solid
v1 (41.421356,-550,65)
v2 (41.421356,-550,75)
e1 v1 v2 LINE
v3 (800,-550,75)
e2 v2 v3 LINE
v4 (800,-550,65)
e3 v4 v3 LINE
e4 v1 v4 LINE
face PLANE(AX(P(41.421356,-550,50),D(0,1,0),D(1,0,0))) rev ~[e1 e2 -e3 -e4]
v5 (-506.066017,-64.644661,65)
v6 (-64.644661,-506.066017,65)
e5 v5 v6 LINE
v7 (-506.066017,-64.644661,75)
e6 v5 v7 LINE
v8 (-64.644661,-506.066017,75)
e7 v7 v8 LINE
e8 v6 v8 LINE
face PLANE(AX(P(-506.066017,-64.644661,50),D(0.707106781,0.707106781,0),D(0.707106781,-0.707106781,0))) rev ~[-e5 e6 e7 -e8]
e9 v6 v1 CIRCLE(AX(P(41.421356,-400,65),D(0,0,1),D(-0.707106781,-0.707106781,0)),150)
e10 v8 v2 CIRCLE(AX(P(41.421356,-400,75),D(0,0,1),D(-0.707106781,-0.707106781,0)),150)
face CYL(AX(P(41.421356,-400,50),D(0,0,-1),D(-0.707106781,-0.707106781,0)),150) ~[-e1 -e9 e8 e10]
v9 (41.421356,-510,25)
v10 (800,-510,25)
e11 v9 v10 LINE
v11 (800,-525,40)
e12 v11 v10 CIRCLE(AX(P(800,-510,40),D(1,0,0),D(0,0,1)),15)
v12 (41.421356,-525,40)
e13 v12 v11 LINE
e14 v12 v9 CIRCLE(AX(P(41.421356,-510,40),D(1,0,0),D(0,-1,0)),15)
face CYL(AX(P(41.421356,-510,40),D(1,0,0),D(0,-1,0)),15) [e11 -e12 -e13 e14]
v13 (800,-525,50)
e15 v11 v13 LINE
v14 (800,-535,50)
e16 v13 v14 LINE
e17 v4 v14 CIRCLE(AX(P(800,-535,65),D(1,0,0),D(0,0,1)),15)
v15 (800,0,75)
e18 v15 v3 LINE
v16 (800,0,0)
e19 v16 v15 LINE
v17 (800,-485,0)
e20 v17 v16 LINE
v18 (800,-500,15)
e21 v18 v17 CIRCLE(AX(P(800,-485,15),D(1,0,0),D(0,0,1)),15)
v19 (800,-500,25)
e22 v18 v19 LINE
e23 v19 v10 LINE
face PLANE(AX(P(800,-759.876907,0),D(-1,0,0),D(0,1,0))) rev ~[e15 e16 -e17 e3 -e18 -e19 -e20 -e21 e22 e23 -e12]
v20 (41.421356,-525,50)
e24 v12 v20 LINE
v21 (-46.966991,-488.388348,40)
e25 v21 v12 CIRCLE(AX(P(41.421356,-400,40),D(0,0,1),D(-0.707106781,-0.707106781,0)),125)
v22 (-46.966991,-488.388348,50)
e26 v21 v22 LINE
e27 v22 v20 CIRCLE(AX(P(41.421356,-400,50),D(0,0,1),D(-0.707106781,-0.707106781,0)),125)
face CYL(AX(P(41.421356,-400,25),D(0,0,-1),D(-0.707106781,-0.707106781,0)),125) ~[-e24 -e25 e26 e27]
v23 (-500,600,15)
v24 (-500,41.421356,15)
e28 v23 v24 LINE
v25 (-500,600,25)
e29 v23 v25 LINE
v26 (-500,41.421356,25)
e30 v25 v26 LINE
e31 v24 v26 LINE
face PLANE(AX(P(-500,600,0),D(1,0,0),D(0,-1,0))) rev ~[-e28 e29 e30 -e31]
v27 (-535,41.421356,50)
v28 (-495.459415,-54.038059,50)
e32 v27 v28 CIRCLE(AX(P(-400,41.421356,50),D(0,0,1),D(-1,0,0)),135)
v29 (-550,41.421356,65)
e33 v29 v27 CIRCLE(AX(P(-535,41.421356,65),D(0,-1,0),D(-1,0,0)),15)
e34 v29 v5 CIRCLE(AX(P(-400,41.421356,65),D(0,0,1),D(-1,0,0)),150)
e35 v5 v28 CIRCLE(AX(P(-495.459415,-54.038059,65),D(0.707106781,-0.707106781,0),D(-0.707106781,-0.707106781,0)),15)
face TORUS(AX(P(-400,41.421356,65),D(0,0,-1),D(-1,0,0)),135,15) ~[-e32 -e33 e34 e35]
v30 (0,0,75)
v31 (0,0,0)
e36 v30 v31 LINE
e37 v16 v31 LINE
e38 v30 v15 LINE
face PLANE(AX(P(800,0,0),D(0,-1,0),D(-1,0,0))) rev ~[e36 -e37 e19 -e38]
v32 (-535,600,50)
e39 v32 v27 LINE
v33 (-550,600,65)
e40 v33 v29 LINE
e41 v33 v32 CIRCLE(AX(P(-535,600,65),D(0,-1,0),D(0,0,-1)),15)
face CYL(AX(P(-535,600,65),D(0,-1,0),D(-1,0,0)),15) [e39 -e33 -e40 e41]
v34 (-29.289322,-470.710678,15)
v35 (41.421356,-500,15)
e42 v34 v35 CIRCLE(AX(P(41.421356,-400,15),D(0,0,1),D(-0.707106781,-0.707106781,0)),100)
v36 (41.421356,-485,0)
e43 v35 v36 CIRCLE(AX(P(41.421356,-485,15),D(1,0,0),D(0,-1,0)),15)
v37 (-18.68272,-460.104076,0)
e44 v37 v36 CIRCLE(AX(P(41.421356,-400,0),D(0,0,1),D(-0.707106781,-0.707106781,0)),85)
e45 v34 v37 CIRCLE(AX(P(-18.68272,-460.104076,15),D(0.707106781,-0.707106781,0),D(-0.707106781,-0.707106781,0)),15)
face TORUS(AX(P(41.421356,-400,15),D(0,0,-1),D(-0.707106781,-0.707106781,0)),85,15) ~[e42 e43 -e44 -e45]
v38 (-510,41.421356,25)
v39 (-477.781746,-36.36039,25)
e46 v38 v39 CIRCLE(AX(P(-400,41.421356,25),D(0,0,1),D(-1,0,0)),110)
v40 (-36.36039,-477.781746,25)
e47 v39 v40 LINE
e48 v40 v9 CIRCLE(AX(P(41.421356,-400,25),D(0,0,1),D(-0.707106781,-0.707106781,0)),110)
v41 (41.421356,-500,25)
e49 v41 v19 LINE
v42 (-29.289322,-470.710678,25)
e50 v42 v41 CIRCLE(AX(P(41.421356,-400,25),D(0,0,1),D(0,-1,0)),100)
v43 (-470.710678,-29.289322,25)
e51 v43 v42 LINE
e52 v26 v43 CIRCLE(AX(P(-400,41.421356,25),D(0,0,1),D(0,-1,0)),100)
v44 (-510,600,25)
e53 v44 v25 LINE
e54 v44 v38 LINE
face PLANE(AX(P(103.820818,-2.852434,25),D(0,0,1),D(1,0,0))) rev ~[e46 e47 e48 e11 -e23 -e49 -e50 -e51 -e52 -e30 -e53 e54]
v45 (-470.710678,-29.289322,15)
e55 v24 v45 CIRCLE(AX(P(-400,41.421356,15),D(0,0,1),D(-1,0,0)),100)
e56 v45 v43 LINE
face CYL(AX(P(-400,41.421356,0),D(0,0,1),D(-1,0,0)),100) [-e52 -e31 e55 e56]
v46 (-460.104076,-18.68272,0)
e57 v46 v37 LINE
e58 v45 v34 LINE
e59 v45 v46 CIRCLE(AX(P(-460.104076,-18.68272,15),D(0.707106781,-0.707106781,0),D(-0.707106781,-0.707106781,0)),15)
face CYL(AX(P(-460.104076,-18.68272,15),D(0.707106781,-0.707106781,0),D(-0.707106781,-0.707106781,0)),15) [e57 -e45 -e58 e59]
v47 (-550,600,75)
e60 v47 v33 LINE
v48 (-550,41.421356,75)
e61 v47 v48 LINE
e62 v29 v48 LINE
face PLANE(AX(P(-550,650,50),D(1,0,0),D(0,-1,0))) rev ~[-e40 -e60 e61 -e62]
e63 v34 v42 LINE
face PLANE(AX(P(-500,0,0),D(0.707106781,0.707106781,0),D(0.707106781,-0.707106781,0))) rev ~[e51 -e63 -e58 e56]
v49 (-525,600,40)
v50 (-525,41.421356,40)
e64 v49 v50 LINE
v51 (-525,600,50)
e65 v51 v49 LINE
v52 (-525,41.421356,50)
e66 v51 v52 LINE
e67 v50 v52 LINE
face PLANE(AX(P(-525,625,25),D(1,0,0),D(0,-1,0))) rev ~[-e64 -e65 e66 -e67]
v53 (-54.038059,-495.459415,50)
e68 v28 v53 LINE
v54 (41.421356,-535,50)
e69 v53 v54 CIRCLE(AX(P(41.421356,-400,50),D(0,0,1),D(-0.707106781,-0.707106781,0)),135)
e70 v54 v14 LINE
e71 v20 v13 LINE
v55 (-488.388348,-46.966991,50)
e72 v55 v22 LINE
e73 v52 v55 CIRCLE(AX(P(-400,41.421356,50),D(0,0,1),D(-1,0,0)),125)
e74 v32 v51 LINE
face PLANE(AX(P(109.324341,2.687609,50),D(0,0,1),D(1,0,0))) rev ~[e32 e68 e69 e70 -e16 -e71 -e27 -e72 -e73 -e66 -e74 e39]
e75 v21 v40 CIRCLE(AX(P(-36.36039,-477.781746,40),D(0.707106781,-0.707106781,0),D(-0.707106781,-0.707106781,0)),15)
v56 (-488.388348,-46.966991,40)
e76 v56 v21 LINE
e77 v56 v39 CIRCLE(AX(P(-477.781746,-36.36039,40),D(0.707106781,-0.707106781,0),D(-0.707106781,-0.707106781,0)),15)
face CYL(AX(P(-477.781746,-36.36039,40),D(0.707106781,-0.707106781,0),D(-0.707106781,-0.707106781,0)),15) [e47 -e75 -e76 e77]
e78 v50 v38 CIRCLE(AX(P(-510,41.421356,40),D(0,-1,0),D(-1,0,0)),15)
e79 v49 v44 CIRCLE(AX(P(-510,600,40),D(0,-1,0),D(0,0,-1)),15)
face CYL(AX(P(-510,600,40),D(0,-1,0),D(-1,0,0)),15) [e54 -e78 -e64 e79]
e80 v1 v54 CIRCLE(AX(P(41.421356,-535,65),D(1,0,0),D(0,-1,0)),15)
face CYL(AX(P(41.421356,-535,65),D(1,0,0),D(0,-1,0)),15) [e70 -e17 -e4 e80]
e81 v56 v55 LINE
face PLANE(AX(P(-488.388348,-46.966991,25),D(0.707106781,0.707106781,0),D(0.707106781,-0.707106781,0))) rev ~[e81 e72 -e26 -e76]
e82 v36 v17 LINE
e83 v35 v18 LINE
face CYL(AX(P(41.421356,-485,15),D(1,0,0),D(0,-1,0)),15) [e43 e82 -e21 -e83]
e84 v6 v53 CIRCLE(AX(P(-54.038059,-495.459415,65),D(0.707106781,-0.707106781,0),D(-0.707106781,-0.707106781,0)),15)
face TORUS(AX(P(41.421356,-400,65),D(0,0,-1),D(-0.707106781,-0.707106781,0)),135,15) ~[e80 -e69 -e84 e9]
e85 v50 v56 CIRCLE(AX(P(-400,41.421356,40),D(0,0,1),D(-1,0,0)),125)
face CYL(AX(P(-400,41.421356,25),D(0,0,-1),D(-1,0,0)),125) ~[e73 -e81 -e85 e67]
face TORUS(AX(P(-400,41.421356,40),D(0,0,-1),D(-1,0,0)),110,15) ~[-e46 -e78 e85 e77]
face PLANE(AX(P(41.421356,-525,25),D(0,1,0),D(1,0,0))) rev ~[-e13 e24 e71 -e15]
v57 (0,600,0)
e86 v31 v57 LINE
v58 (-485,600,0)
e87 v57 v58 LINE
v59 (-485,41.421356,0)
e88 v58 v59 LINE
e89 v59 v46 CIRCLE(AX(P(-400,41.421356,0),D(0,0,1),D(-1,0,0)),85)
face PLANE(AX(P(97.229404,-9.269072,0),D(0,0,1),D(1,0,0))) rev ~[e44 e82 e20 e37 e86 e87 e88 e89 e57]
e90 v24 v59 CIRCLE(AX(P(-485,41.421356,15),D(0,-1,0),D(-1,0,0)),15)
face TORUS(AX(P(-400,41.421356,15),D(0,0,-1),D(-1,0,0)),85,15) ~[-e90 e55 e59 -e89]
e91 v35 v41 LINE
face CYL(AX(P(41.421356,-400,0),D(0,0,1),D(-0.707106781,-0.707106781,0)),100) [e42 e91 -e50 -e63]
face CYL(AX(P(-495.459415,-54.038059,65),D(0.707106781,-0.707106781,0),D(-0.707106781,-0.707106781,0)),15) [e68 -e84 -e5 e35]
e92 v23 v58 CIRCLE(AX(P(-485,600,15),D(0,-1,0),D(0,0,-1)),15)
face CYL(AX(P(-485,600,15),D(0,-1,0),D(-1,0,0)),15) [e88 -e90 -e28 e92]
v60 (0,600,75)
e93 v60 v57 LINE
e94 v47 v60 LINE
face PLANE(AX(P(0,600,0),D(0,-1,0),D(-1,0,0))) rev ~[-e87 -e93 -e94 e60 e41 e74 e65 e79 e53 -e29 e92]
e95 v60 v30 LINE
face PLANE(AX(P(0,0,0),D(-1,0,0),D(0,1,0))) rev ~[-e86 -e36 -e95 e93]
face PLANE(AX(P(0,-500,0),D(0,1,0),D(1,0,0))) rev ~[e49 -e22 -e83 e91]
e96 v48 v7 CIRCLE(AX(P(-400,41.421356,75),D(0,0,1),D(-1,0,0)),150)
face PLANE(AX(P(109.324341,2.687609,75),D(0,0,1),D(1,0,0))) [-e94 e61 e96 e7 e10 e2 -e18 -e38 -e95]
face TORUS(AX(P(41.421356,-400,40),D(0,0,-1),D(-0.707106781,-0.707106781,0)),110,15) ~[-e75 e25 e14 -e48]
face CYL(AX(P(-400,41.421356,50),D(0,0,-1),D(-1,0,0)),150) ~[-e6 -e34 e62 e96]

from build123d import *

# Parameters (mm, degrees)
F1_DEPTH = 25
F2_R     = 100
F4_DEPTH = 25
F6_DEPTH = 25
F8_DEPTH = 539
F9_R     = 15


with BuildPart() as f1:
    # F0 (on Top) → F1 (new body)
    with BuildSketch(Plane.XY):
        Polygon((0, 0), (0, 600), (-500, 600), (-500, 0), (0, -500), (800, -500), (800, 0), align=None)
    extrude(amount=F1_DEPTH)

    # F2
    f2_edges = [f1.edges().sort_by_distance(p)[0] for p in [
        (-500, 0, 12.5),
        (0, -500, 12.5),
    ]]
    fillet(f2_edges, radius=F2_R)

    # F3 (on face) → F4 (join)
    with BuildSketch(Plane.XY.offset(25)):
        with BuildLine():
            Line((-525, 625), (-525, 41.4213562373))
            ThreePointArc((-525, 41.4213562373), (-515.4849415639, -6.4140728083), (-488.3883476483, -46.966991411))
            Line((-488.3883476483, -46.966991411), (-46.966991411, -488.3883476483))
            ThreePointArc((-46.966991411, -488.3883476483), (-6.4140728083, -515.4849415639), (41.4213562373, -525))
            Line((41.4213562373, -525), (825, -525))
            Line((825, -525), (825, 25))
            Line((825, 25), (25, 25))
            Line((25, 25), (25, 625))
            Line((25, 625), (-525, 625))
        make_face()
    extrude(amount=F4_DEPTH)

    # F5 (on face) → F6 (join)
    with BuildSketch(Plane.XY.offset(50)):
        with BuildLine():
            Line((-550, 650), (-550, 41.4213562373))
            ThreePointArc((-550, 41.4213562373), (-538.5819298767, -15.9811586175), (-506.066017178, -64.6446609407))
            Line((-506.066017178, -64.6446609407), (-64.6446609407, -506.066017178))
            ThreePointArc((-64.6446609407, -506.066017178), (-15.9811586175, -538.5819298767), (41.4213562373, -550))
            Line((41.4213562373, -550), (850, -550))
            Line((850, -550), (850, 50))
            Line((850, 50), (50, 50))
            Line((50, 50), (50, 650))
            Line((50, 650), (-550, 650))
        make_face()
    extrude(amount=F6_DEPTH)

    # F7 (on face) → F8 (cut)
    with BuildSketch(Plane(origin=(0, 0, 0), x_dir=(1, 0, 0), z_dir=(0, 0, -1))):
        Polygon((800, 759.8769068718), (800, 0), (0, 0), (0, -600), (-650.8337855339, -600), (-650.8337855339, -840.3587818146), (869.2708611488, -840.3587818146), (869.2708611488, 0), (869.2708611488, 759.8769068718), align=None)
    extrude(amount=-F8_DEPTH, mode=Mode.SUBTRACT)

    # F9
    f9_edges = [f1.edges().sort_by_distance(p)[0] for p in [
        (420.710678, -500, 0),
        (420.710678, -525, 25),
        (420.710678, -550, 50),
        (3.153013, -492.387953, 0),
        (-6.414073, -515.484942, 25),
        (-15.981159, -538.58193, 50),
        (-250, -250, 0),
        (-267.67767, -267.67767, 25),
        (-285.355339, -285.355339, 50),
        (-492.387953, 3.153013, 0),
        (-515.484942, -6.414073, 25),
        (-538.58193, -15.981159, 50),
        (-500, 320.710678, 0),
        (-525, 320.710678, 25),
        (-550, 320.710678, 50),
    ]]
    fillet(f9_edges, radius=F9_R)


solid = f1.part
